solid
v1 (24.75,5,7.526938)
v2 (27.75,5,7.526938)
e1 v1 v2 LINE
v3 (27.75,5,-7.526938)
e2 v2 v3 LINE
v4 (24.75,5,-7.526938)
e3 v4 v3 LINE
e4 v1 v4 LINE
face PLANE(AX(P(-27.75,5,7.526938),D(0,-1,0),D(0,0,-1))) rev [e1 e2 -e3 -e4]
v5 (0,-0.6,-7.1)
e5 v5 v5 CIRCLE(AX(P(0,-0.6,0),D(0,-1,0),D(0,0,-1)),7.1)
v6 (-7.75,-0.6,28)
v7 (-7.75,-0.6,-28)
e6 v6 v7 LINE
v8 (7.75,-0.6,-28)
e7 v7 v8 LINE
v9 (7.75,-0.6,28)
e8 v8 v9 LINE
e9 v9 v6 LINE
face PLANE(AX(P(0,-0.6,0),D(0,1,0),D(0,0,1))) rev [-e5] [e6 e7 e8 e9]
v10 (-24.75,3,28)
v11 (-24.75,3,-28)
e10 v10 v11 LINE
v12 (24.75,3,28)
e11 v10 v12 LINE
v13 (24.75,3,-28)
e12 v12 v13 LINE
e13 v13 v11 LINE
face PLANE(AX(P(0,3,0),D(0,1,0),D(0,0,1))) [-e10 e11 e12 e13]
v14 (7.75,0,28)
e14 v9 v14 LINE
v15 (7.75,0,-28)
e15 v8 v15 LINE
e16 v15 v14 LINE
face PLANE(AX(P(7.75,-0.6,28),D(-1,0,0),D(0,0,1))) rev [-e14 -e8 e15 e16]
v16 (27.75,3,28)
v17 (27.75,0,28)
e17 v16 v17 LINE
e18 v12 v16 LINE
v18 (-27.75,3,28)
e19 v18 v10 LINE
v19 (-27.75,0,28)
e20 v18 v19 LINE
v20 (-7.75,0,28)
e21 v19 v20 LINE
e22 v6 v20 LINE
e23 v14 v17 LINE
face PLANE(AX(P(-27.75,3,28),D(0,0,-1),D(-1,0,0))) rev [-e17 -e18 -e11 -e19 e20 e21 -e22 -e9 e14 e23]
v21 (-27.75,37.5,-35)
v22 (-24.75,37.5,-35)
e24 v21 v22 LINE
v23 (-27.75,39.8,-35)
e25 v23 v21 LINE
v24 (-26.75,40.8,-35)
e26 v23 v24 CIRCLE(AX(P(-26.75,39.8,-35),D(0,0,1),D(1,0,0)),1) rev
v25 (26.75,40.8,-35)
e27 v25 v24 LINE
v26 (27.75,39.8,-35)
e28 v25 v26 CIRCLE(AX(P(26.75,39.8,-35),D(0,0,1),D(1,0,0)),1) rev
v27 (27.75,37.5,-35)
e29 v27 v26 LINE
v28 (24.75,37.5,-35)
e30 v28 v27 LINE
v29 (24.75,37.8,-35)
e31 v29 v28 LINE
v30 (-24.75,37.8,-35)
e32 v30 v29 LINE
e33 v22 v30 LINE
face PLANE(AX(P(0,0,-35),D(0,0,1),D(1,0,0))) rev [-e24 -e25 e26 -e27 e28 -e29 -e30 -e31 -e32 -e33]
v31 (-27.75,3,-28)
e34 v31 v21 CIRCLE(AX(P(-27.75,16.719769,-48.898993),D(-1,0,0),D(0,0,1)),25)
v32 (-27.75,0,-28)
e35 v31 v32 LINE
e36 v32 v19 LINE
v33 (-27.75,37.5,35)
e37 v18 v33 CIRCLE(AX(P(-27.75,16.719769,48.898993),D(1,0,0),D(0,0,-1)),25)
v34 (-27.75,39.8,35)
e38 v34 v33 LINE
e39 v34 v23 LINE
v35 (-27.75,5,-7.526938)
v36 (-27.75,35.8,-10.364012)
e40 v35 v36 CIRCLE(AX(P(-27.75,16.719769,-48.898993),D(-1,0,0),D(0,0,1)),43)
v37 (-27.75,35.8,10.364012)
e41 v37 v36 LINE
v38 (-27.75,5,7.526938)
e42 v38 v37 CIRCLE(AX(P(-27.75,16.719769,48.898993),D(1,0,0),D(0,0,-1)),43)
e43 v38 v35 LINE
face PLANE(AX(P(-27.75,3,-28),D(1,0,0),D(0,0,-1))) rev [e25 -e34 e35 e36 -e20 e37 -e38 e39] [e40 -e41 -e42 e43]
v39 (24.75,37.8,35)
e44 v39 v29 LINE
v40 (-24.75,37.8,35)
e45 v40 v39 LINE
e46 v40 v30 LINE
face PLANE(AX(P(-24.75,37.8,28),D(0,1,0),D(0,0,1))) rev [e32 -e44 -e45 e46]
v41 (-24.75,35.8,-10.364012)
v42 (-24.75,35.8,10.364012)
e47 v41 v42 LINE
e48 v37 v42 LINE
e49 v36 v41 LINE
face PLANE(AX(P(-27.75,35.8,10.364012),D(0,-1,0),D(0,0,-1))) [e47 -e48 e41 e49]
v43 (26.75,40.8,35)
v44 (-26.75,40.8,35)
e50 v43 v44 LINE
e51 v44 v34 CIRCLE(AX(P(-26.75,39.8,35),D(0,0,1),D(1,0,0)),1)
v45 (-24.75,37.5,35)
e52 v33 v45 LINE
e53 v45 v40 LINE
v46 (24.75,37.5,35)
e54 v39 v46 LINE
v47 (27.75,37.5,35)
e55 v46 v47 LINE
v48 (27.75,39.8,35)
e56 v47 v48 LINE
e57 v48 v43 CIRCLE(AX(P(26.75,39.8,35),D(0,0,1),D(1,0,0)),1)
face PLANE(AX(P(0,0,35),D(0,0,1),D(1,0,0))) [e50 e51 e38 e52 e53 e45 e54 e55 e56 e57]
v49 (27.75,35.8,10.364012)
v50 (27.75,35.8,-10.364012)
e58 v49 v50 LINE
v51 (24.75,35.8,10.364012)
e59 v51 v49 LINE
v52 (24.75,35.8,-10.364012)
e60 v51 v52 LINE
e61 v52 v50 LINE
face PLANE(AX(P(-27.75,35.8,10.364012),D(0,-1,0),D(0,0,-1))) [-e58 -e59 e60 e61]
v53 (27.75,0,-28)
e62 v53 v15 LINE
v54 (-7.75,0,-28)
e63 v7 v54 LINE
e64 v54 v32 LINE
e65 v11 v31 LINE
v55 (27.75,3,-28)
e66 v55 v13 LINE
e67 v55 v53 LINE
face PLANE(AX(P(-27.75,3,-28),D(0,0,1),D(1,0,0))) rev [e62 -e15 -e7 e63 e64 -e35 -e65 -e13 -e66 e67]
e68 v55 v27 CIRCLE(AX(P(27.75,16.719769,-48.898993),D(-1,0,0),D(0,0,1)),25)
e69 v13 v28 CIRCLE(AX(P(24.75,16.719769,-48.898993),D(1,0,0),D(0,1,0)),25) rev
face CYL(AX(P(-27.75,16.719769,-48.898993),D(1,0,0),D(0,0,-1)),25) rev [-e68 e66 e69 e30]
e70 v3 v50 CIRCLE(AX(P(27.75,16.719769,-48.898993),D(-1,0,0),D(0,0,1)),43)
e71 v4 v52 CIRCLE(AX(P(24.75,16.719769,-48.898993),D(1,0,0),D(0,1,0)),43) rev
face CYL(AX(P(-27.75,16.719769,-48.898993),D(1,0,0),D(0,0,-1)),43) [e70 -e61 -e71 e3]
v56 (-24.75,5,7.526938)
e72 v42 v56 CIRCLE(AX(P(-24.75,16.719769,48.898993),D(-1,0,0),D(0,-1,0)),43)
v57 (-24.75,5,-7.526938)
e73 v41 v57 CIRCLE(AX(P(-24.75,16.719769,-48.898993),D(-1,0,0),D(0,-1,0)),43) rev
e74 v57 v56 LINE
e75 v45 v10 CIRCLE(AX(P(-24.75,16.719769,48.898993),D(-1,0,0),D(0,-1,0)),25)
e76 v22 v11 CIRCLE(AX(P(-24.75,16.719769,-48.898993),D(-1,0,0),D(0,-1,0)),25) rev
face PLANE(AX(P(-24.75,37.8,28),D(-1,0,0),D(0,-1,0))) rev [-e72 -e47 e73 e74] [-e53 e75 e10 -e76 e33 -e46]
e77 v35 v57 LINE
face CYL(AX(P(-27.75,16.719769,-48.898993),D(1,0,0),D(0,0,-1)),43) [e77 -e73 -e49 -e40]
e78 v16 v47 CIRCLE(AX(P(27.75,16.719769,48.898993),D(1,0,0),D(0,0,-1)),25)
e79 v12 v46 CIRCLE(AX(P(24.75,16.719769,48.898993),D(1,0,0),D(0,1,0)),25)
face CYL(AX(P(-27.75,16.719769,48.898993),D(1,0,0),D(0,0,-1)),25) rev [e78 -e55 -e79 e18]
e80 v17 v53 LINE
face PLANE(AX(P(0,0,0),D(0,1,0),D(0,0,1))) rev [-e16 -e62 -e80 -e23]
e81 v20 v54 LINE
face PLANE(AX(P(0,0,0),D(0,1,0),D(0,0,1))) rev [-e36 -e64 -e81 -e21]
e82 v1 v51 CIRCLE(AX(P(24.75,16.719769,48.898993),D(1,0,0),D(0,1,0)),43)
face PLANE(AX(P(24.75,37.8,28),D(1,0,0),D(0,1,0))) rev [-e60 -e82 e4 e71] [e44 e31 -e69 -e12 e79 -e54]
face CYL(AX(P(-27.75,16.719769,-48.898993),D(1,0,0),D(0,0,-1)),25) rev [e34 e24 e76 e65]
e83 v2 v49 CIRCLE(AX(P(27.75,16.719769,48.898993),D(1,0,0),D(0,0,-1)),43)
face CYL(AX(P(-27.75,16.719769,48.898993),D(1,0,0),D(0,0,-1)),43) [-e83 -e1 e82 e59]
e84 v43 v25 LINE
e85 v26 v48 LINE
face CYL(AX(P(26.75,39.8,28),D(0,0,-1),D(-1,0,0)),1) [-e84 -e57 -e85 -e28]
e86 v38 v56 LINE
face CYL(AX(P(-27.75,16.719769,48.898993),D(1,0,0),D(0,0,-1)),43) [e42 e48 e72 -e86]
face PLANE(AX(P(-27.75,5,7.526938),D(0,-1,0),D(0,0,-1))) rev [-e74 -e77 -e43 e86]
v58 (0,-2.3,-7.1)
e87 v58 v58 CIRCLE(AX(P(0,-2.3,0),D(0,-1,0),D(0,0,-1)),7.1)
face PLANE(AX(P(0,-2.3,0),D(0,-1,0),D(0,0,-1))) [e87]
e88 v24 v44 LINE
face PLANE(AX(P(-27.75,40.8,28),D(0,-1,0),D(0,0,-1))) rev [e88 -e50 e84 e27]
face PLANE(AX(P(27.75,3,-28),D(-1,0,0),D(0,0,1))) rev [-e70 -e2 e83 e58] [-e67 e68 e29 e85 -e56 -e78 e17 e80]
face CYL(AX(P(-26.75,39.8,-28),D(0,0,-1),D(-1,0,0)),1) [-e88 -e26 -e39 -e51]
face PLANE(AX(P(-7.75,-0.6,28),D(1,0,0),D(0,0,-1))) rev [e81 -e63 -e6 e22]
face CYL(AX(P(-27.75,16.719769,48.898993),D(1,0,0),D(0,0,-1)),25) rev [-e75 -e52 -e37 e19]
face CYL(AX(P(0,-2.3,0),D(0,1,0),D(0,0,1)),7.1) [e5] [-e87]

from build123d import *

# Parameters (mm, degrees)
SKETCH1_W               = 55.5
SKETCH1_H               = 56
BOSS_EXTRUDE1_DEPTH     = 3
BOSS_EXTRUDE2_DEPTH     = 28
BOSS_EXTRUDE3_DEPTH     = 35
CUT_EXTRUDE3_DEPTH      = 61.495475037
CUT_EXTRUDE3_DEPTH_BACK = 61.495475037
SKETCH6_W               = 15.5
SKETCH6_H               = 56
BOSS_EXTRUDE4_DEPTH     = 0.6
SKETCH7_R               = 7.1
BOSS_EXTRUDE5_DEPTH     = 1.7
FILLET2_R               = 1


with BuildPart() as part:
    # Sketch1 → Boss-Extrude1 (new body)
    with BuildSketch(Plane(origin=(0, 0, 0), x_dir=(1, 0, 0), z_dir=(0, 1, 0))):
        Rectangle(SKETCH1_W, SKETCH1_H)
    extrude(amount=BOSS_EXTRUDE1_DEPTH)

    # Sketch3 → Boss-Extrude2 (add, symmetric)
    with BuildSketch(Plane.XY):
        Polygon((-27.75, 3), (-27.75, 40.8), (27.75, 40.8), (27.75, 3), (24.75, 3), (24.75, 37.8), (-24.75, 37.8), (-24.75, 3), align=None)
    extrude(amount=BOSS_EXTRUDE2_DEPTH, both=True)

    # Sketch4 → Boss-Extrude3 (add, symmetric)
    with BuildSketch(Plane.XY):
        Polygon((27.75, 40.8), (-27.75, 40.8), (-27.75, 37.5), (-27.75, 3), (-24.75, 3), (-24.75, 37.8), (24.75, 37.8), (24.75, 3), (27.75, 3), (27.75, 37.5), align=None)
    extrude(amount=BOSS_EXTRUDE3_DEPTH, both=True)

    # Sketch5 → Cut-Extrude3 (cut, two sides: drawn at the far end of the back side and taken through both)
    with BuildSketch(Plane(origin=(0, 0, 0), x_dir=(0, 0, -1), z_dir=(1, 0, 0)).offset(-CUT_EXTRUDE3_DEPTH_BACK)):
        with BuildLine():
            Line((-10.364011889, 35.8), (10.364011889, 35.8))
            ThreePointArc((10.364011889, 35.8), (6.080263232, 20.66392266), (7.526937591, 5))
            Line((7.526937591, 5), (-7.526937591, 5))
            ThreePointArc((-7.526937591, 5), (-6.080263232, 20.66392266), (-10.364011889, 35.8))
        make_face()
        with BuildLine():
            Line((-35, 37.5), (-35, 3))
            Line((-35, 3), (-28, 3))
            ThreePointArc((-28, 3), (-24.398228699, 21.690939105), (-35, 37.5))
        make_face()
        with BuildLine():
            Line((28, 3), (35, 3))
            Line((35, 3), (35, 37.5))
            ThreePointArc((35, 37.5), (24.398228699, 21.690939105), (28, 3))
        make_face()
    extrude(amount=CUT_EXTRUDE3_DEPTH + CUT_EXTRUDE3_DEPTH_BACK, mode=Mode.SUBTRACT)

    # Sketch6 → Boss-Extrude4 (add)
    with BuildSketch(Plane.XZ):
        Rectangle(SKETCH6_W, SKETCH6_H)
    extrude(amount=BOSS_EXTRUDE4_DEPTH)

    # Sketch7 → Boss-Extrude5 (add)
    with BuildSketch(Plane.XZ.offset(0.6)):
        with Locations(Location((0, 0, 0), (0, 0, 270))):
            Circle(SKETCH7_R)
    extrude(amount=BOSS_EXTRUDE5_DEPTH)

    # Fillet2
    fillet2_edges = [part.edges().sort_by_distance(p)[0] for p in [
        (27.75, 40.8, 0),
        (-27.75, 40.8, 0),
    ]]
    fillet(fillet2_edges, radius=FILLET2_R)


solid = part.part
